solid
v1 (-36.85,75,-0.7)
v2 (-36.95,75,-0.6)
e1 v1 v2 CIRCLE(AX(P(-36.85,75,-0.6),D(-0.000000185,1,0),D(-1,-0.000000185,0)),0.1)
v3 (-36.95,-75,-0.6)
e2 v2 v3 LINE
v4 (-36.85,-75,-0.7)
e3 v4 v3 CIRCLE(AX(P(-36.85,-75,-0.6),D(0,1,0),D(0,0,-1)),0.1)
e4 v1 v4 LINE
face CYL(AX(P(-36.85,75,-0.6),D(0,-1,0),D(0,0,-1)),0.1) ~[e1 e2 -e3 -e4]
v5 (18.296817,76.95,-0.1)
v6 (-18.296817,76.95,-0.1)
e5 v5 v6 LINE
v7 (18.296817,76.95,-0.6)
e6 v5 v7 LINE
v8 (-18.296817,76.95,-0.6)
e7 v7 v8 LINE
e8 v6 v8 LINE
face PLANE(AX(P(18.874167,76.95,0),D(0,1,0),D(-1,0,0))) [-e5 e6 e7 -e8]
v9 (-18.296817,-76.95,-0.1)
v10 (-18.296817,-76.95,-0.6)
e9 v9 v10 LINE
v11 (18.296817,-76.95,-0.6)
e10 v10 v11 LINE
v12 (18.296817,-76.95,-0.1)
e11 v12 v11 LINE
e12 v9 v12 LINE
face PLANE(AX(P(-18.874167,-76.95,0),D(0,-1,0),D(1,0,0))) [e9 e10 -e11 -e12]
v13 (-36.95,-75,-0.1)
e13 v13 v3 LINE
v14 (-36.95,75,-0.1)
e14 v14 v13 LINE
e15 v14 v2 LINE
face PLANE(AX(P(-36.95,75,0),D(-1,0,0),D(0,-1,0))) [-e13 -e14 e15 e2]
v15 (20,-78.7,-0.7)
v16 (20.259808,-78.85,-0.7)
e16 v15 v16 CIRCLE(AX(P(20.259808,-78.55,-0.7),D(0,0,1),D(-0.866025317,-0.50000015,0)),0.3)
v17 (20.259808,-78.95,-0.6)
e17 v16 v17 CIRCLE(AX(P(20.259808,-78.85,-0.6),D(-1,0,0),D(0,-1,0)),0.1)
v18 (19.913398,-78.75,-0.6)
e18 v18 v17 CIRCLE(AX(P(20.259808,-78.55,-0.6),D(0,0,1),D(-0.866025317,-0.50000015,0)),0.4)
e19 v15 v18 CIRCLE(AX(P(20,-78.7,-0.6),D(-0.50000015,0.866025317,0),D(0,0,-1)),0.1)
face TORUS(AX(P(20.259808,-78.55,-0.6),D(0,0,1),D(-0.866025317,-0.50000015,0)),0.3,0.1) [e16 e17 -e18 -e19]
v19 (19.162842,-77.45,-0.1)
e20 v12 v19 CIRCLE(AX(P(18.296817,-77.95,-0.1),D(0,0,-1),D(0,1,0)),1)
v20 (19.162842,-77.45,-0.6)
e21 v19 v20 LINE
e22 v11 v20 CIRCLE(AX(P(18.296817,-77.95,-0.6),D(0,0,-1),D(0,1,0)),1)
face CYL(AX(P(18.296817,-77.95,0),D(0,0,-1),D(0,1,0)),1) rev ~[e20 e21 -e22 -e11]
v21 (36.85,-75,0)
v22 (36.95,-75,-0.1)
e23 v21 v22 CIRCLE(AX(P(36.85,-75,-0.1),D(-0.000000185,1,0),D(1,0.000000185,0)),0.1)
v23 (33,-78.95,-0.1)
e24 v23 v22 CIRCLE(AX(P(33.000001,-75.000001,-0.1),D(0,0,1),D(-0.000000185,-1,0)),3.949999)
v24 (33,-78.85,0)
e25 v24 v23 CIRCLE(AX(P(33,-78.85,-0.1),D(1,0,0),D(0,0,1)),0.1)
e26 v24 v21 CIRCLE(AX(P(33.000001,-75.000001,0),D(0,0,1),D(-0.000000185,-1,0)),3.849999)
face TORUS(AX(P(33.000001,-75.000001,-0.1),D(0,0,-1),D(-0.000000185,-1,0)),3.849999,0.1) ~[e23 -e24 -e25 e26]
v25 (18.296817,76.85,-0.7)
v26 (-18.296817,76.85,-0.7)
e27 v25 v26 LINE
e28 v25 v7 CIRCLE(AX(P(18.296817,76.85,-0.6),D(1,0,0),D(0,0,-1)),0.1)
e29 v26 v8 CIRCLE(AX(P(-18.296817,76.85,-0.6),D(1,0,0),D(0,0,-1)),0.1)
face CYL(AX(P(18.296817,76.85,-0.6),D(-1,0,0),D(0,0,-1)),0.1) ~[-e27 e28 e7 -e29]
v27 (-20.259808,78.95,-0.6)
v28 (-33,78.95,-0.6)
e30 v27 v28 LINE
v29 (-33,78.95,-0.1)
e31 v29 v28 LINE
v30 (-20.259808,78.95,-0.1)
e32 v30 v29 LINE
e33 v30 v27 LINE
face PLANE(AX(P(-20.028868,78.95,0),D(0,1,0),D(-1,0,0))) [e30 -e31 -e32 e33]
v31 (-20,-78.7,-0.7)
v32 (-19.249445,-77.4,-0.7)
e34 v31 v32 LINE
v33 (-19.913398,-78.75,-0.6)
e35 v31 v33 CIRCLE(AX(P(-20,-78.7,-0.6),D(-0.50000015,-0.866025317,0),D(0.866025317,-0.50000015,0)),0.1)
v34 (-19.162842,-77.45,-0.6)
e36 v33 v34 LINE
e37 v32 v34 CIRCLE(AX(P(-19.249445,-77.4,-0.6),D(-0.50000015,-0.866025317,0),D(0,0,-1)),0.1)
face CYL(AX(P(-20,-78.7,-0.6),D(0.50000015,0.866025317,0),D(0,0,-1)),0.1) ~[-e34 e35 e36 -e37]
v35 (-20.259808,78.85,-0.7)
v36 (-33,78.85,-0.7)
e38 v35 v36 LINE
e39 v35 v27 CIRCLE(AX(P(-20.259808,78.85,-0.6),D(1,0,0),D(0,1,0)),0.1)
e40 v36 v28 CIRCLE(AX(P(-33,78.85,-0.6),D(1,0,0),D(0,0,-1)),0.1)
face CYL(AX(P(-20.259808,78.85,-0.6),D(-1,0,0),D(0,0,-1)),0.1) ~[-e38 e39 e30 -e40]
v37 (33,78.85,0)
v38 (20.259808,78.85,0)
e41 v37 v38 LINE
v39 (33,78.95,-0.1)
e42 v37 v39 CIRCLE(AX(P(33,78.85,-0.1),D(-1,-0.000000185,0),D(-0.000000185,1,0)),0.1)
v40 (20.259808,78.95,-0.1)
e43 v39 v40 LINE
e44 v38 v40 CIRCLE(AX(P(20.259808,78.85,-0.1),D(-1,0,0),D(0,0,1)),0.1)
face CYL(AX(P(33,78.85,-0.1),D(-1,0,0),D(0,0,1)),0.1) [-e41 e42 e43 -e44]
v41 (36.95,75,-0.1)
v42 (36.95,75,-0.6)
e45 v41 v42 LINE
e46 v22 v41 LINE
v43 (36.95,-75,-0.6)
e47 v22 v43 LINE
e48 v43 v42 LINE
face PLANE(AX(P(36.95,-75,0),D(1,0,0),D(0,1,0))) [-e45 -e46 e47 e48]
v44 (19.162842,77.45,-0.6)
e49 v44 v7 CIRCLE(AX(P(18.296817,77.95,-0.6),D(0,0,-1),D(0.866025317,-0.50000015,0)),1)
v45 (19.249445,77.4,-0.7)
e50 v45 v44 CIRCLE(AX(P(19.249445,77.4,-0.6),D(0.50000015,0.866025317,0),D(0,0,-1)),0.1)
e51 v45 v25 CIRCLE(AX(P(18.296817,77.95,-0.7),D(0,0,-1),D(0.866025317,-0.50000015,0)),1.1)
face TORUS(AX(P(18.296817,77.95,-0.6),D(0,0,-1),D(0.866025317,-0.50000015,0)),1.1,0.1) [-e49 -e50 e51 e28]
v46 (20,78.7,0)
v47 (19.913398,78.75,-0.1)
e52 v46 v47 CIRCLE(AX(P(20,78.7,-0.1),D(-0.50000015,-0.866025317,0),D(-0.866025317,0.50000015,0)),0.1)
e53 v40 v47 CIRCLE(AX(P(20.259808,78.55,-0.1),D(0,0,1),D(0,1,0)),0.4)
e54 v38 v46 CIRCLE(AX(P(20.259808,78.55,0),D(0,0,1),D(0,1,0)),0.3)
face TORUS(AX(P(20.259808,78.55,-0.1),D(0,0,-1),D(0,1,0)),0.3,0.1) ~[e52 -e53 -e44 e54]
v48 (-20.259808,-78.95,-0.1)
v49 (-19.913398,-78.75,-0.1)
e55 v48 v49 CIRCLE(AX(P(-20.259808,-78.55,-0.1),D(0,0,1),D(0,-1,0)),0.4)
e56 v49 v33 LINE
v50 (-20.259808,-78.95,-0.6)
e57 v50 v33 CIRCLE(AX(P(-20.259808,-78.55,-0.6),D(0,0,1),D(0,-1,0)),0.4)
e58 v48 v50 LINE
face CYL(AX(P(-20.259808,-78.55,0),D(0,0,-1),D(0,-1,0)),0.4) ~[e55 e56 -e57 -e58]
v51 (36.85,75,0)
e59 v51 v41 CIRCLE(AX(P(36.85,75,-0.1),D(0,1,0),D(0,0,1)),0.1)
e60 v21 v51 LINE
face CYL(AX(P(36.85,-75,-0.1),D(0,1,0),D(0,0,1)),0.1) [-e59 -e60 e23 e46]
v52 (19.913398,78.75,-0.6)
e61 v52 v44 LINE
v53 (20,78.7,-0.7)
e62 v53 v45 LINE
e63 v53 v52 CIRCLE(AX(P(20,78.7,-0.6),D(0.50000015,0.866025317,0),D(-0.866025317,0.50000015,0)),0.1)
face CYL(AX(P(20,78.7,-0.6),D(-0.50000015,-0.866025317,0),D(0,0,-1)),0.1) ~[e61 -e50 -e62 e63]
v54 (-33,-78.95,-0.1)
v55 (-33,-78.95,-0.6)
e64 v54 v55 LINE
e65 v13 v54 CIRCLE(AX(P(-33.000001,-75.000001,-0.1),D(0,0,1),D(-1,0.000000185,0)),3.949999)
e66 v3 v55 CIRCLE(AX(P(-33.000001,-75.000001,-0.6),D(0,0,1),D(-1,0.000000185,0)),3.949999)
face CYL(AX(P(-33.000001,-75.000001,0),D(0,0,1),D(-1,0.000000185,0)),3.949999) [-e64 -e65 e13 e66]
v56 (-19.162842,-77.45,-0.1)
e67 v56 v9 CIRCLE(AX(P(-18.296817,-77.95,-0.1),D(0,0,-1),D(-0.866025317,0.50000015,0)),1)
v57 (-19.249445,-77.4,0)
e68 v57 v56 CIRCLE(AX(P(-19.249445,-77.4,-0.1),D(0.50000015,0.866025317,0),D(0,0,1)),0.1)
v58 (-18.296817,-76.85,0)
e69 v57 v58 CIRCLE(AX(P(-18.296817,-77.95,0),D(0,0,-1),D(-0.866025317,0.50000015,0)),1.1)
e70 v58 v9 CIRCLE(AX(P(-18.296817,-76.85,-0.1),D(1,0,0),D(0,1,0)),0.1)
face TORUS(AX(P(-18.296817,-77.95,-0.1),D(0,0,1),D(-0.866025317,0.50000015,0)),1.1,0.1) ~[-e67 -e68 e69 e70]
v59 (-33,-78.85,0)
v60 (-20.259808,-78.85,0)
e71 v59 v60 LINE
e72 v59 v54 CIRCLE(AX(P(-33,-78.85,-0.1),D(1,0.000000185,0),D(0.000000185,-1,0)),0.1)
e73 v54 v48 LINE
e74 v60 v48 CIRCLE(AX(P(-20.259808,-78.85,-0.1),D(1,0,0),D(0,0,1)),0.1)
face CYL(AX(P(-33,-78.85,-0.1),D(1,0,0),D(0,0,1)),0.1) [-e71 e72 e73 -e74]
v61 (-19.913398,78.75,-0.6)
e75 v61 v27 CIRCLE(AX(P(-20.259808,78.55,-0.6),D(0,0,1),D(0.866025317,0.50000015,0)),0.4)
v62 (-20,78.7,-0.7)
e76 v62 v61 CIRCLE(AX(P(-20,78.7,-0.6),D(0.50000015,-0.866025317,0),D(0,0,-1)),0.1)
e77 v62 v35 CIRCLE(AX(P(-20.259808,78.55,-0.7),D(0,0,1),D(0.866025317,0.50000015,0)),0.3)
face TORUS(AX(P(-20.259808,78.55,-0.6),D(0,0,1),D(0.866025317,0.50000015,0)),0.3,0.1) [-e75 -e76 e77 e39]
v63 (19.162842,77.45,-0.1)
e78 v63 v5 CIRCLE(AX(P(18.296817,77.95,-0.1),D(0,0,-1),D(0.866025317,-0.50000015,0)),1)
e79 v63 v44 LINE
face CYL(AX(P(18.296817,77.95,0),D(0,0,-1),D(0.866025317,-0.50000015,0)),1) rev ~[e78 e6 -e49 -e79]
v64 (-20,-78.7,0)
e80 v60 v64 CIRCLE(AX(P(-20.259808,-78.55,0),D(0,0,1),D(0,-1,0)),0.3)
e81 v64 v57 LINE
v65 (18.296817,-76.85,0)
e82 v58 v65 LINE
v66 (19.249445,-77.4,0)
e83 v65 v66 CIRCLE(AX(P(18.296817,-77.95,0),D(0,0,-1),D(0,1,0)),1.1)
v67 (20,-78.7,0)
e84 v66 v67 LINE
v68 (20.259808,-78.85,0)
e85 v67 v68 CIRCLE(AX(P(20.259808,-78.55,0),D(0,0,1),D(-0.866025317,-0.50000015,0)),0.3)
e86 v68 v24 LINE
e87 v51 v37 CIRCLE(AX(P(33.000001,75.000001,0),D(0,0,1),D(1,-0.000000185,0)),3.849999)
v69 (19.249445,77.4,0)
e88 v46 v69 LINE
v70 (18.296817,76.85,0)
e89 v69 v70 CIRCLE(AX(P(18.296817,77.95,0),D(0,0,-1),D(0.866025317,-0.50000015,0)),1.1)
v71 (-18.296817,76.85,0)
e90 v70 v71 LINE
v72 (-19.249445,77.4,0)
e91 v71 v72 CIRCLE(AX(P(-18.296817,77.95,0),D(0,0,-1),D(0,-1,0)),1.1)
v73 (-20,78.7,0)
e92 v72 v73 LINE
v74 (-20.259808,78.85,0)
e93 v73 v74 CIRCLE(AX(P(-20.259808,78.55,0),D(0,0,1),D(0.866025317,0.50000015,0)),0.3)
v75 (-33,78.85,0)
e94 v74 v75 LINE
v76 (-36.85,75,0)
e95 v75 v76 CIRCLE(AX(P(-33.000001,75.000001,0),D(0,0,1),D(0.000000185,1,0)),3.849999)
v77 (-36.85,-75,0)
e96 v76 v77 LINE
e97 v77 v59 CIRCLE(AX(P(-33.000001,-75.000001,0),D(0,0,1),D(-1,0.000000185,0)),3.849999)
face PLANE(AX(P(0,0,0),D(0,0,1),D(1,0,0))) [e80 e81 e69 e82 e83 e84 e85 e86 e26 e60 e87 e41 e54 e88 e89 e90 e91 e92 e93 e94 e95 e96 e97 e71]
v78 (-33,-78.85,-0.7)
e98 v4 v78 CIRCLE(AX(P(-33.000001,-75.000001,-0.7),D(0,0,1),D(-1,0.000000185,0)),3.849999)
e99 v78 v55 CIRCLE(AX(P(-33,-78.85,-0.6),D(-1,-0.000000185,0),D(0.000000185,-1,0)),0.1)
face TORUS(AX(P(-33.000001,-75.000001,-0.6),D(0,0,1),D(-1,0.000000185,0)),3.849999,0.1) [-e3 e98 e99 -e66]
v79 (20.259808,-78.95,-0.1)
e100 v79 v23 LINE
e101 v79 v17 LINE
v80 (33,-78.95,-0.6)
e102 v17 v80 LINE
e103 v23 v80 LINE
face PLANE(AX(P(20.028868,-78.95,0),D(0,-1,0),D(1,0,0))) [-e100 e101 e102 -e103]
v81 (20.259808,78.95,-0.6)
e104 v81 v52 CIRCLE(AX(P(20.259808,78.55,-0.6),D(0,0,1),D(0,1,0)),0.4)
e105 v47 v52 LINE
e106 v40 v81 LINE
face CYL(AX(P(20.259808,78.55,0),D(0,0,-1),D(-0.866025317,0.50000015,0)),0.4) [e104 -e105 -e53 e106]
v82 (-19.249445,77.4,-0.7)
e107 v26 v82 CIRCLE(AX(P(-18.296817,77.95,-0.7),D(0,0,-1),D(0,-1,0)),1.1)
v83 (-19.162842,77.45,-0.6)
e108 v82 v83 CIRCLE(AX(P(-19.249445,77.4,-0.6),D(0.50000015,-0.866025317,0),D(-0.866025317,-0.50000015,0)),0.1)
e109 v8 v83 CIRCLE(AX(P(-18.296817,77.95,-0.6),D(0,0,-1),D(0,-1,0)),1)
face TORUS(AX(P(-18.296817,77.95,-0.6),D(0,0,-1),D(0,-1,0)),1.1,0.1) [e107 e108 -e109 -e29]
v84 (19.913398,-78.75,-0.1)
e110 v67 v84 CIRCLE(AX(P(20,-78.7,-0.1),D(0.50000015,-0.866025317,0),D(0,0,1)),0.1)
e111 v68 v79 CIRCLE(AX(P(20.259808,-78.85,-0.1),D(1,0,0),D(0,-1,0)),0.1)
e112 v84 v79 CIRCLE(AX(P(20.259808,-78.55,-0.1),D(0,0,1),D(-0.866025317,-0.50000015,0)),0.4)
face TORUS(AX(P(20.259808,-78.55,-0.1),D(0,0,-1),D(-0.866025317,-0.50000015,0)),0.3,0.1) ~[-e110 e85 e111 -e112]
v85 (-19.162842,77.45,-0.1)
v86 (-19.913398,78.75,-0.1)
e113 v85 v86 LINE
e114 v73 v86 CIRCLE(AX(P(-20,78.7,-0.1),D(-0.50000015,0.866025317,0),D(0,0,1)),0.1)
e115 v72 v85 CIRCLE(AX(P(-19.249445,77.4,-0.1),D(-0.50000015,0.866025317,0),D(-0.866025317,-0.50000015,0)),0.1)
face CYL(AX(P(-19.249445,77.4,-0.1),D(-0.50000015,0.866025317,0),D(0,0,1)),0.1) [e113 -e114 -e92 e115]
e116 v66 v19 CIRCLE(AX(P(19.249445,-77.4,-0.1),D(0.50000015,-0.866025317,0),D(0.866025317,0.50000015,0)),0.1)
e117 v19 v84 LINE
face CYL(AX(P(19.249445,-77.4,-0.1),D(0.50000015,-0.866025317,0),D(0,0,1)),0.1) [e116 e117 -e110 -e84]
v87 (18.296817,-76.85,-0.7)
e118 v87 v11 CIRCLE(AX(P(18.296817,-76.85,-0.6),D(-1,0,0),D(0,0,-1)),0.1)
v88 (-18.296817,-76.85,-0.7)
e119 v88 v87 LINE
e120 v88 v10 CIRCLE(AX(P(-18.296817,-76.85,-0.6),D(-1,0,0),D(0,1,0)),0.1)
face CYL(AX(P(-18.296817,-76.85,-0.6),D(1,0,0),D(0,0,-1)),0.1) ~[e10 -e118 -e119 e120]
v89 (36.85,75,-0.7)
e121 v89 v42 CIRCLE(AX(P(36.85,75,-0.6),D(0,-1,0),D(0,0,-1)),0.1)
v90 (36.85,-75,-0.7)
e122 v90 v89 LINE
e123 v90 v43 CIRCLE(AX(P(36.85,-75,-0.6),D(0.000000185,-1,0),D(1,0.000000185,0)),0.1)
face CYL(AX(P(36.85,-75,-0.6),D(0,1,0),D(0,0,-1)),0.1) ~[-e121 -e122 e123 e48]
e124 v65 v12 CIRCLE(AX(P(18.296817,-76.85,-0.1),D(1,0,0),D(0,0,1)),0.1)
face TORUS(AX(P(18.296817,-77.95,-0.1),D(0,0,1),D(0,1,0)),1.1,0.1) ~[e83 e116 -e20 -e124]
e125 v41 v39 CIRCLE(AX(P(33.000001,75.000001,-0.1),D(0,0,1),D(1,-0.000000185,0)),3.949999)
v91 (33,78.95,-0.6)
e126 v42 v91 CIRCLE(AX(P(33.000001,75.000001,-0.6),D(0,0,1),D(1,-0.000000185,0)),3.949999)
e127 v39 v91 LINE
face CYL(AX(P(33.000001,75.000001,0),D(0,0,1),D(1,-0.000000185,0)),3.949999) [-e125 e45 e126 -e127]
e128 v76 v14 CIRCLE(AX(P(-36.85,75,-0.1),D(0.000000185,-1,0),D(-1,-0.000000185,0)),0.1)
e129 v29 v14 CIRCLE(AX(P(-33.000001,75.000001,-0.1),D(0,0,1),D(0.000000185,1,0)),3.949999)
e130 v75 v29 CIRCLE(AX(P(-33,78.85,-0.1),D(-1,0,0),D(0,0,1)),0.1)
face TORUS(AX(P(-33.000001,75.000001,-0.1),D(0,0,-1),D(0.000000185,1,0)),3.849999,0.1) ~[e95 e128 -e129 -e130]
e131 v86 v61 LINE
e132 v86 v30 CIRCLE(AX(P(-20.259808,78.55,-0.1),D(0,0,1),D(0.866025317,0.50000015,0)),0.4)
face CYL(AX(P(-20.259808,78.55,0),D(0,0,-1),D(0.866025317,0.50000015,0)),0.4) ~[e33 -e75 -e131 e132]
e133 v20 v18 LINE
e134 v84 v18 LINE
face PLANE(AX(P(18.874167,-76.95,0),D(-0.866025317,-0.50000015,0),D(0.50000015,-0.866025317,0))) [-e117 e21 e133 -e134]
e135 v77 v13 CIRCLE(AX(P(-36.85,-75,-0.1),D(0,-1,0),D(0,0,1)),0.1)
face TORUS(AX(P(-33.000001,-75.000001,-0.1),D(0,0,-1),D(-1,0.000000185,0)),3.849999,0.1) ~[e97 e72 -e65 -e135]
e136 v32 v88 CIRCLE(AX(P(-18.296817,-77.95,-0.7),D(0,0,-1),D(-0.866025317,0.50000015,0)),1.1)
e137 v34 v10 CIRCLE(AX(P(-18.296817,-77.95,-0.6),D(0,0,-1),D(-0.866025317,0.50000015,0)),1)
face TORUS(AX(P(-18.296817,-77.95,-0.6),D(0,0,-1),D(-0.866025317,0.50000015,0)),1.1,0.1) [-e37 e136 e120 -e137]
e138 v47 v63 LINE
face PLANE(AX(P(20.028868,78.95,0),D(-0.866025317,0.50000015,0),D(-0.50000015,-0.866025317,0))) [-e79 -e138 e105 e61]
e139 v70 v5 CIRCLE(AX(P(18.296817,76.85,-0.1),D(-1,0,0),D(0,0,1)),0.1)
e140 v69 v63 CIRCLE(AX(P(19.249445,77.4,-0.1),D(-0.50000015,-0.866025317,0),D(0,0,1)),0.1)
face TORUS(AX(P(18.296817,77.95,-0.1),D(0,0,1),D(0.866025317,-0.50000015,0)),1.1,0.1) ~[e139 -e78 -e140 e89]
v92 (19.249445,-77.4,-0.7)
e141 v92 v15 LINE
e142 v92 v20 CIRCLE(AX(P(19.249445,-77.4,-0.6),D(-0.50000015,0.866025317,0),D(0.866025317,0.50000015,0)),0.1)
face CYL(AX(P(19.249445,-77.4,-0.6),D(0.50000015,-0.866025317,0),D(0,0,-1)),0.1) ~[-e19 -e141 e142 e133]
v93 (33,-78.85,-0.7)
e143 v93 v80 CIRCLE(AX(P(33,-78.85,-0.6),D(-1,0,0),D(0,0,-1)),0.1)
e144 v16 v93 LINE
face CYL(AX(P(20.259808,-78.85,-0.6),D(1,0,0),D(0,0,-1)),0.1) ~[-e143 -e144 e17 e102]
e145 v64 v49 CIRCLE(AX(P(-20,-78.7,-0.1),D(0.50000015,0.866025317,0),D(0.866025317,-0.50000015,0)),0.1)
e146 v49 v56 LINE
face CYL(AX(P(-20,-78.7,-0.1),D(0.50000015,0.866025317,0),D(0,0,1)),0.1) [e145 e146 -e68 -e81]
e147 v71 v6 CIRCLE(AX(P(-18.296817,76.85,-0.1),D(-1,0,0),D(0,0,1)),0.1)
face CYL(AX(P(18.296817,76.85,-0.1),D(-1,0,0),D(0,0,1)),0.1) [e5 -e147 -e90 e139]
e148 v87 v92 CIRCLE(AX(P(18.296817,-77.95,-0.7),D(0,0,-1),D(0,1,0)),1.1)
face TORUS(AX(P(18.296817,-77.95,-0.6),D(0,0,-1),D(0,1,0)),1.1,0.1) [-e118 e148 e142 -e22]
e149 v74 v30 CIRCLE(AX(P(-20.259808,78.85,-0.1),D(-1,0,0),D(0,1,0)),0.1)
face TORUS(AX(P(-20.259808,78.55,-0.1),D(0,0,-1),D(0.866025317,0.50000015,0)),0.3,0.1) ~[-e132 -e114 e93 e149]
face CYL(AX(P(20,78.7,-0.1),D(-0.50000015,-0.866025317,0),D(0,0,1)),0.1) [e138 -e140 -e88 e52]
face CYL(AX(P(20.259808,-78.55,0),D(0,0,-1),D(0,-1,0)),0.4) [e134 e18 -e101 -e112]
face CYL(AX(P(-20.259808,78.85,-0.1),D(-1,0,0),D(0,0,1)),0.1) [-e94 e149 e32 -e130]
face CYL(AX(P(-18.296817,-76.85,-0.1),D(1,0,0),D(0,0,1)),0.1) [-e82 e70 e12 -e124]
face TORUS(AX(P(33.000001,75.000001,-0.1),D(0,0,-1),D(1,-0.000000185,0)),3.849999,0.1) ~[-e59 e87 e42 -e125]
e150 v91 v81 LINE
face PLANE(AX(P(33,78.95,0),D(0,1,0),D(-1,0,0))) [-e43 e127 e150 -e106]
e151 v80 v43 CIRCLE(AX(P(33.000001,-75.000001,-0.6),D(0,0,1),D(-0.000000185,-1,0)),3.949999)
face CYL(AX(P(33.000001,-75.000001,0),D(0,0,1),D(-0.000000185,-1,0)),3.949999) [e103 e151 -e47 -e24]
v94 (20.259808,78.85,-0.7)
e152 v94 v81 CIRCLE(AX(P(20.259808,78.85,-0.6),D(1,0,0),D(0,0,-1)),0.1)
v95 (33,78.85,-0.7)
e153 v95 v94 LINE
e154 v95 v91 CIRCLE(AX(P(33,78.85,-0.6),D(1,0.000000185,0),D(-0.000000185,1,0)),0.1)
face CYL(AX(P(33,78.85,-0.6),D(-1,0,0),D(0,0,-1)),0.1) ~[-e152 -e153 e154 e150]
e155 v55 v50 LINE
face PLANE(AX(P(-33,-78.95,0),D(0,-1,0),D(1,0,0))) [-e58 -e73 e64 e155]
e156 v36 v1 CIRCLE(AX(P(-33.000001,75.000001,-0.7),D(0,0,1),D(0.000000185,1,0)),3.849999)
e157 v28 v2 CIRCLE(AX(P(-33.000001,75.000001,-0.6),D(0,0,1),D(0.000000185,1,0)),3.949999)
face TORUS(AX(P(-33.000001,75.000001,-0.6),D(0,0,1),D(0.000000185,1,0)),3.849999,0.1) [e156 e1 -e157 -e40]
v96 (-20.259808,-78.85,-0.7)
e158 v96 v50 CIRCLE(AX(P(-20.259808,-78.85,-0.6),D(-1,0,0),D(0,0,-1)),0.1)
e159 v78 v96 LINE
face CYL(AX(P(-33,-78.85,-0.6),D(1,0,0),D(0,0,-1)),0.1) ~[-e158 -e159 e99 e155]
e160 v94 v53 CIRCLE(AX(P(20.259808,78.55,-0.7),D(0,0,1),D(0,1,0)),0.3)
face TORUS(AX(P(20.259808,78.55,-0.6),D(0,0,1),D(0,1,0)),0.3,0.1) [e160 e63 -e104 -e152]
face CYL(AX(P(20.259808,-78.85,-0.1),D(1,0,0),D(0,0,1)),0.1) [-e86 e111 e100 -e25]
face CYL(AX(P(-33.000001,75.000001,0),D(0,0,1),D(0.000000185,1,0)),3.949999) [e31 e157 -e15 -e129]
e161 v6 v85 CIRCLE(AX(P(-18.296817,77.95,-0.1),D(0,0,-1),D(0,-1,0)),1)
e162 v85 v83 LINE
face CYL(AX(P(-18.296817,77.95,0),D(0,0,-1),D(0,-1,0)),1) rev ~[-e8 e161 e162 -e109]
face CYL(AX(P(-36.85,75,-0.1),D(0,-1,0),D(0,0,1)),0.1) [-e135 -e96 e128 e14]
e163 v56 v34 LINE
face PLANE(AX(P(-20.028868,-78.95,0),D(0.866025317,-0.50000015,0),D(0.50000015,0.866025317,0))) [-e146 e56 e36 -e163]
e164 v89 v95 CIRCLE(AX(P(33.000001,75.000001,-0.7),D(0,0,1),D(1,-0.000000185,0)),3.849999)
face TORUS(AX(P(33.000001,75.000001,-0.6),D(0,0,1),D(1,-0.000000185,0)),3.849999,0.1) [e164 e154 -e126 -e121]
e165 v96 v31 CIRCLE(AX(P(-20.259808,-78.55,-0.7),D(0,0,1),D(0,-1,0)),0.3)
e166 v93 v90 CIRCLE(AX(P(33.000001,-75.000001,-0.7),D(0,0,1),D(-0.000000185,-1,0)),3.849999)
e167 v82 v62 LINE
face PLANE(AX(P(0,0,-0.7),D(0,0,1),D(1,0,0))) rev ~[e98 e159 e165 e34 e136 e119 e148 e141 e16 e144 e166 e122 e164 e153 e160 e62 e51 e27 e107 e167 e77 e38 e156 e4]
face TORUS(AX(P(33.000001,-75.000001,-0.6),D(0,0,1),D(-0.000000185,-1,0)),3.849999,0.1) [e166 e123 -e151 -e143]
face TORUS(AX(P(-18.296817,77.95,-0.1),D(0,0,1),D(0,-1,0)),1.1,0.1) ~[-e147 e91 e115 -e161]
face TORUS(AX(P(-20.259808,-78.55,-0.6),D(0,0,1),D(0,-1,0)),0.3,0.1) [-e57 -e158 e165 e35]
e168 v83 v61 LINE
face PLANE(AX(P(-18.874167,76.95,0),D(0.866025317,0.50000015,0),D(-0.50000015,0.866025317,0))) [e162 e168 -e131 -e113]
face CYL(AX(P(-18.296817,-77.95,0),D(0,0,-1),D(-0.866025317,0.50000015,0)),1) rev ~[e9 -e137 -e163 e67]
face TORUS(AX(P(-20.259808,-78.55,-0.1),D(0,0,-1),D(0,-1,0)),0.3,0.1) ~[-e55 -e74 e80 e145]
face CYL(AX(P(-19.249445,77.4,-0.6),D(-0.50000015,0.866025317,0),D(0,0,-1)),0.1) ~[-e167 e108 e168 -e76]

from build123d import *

# Parameters (mm, degrees)
F1_DEPTH = 0.7
F2_R     = 1
F3_R     = 0.4
F4_R     = 0.1


with BuildPart() as f1:
    # F0 (on Top) → F1 (new body)
    with BuildSketch(Plane.XY):
        with BuildLine():
            Line((33, 78.95), (20.028868, 78.95))
            Line((20.028868, 78.95), (18.874167, 76.95))
            Line((18.874167, 76.95), (-18.874167, 76.95))
            Line((-18.874167, 76.95), (-20.028868, 78.95))
            Line((-20.028868, 78.95), (-33, 78.95))
            ThreePointArc((-33, 78.95), (-35.793072, 77.793072), (-36.95, 75))
            Line((-36.95, 75), (-36.95, 0))
            Line((-36.95, 0), (-36.95, -75))
            ThreePointArc((-36.95, -75), (-35.793072, -77.793072), (-33, -78.95))
            Line((-33, -78.95), (-20.028868, -78.95))
            Line((-20.028868, -78.95), (-18.874167, -76.95))
            Line((-18.874167, -76.95), (18.874167, -76.95))
            Line((18.874167, -76.95), (20.028868, -78.95))
            Line((20.028868, -78.95), (33, -78.95))
            ThreePointArc((33, -78.95), (35.793072, -77.793072), (36.95, -75))
            Line((36.95, -75), (36.95, 0))
            Line((36.95, 0), (36.95, 75))
            ThreePointArc((36.95, 75), (35.793072, 77.793072), (33, 78.95))
        make_face()
    extrude(amount=-F1_DEPTH)

    # F2
    f2_edges = [f1.edges().sort_by_distance(p)[0] for p in [
        (-18.874167, 76.95, -0.35),
        (18.874167, 76.95, -0.35),
        (18.874167, -76.95, -0.35),
        (-18.874167, -76.95, -0.35),
    ]]
    fillet(f2_edges, radius=F2_R)

    # F3
    f3_edges = [f1.edges().sort_by_distance(p)[0] for p in [
        (-20.028868, -78.95, -0.35),
        (20.028868, -78.95, -0.35),
        (20.028868, 78.95, -0.35),
        (-20.028868, 78.95, -0.35),
    ]]
    fillet(f3_edges, radius=F3_R)

    # F4
    f4_edges = [f1.edges().sort_by_distance(p)[0] for p in [
        (0, 76.95, 0),
        (0, 76.95, -0.7),
    ]]
    fillet(f4_edges, radius=F4_R)


solid = f1.part
